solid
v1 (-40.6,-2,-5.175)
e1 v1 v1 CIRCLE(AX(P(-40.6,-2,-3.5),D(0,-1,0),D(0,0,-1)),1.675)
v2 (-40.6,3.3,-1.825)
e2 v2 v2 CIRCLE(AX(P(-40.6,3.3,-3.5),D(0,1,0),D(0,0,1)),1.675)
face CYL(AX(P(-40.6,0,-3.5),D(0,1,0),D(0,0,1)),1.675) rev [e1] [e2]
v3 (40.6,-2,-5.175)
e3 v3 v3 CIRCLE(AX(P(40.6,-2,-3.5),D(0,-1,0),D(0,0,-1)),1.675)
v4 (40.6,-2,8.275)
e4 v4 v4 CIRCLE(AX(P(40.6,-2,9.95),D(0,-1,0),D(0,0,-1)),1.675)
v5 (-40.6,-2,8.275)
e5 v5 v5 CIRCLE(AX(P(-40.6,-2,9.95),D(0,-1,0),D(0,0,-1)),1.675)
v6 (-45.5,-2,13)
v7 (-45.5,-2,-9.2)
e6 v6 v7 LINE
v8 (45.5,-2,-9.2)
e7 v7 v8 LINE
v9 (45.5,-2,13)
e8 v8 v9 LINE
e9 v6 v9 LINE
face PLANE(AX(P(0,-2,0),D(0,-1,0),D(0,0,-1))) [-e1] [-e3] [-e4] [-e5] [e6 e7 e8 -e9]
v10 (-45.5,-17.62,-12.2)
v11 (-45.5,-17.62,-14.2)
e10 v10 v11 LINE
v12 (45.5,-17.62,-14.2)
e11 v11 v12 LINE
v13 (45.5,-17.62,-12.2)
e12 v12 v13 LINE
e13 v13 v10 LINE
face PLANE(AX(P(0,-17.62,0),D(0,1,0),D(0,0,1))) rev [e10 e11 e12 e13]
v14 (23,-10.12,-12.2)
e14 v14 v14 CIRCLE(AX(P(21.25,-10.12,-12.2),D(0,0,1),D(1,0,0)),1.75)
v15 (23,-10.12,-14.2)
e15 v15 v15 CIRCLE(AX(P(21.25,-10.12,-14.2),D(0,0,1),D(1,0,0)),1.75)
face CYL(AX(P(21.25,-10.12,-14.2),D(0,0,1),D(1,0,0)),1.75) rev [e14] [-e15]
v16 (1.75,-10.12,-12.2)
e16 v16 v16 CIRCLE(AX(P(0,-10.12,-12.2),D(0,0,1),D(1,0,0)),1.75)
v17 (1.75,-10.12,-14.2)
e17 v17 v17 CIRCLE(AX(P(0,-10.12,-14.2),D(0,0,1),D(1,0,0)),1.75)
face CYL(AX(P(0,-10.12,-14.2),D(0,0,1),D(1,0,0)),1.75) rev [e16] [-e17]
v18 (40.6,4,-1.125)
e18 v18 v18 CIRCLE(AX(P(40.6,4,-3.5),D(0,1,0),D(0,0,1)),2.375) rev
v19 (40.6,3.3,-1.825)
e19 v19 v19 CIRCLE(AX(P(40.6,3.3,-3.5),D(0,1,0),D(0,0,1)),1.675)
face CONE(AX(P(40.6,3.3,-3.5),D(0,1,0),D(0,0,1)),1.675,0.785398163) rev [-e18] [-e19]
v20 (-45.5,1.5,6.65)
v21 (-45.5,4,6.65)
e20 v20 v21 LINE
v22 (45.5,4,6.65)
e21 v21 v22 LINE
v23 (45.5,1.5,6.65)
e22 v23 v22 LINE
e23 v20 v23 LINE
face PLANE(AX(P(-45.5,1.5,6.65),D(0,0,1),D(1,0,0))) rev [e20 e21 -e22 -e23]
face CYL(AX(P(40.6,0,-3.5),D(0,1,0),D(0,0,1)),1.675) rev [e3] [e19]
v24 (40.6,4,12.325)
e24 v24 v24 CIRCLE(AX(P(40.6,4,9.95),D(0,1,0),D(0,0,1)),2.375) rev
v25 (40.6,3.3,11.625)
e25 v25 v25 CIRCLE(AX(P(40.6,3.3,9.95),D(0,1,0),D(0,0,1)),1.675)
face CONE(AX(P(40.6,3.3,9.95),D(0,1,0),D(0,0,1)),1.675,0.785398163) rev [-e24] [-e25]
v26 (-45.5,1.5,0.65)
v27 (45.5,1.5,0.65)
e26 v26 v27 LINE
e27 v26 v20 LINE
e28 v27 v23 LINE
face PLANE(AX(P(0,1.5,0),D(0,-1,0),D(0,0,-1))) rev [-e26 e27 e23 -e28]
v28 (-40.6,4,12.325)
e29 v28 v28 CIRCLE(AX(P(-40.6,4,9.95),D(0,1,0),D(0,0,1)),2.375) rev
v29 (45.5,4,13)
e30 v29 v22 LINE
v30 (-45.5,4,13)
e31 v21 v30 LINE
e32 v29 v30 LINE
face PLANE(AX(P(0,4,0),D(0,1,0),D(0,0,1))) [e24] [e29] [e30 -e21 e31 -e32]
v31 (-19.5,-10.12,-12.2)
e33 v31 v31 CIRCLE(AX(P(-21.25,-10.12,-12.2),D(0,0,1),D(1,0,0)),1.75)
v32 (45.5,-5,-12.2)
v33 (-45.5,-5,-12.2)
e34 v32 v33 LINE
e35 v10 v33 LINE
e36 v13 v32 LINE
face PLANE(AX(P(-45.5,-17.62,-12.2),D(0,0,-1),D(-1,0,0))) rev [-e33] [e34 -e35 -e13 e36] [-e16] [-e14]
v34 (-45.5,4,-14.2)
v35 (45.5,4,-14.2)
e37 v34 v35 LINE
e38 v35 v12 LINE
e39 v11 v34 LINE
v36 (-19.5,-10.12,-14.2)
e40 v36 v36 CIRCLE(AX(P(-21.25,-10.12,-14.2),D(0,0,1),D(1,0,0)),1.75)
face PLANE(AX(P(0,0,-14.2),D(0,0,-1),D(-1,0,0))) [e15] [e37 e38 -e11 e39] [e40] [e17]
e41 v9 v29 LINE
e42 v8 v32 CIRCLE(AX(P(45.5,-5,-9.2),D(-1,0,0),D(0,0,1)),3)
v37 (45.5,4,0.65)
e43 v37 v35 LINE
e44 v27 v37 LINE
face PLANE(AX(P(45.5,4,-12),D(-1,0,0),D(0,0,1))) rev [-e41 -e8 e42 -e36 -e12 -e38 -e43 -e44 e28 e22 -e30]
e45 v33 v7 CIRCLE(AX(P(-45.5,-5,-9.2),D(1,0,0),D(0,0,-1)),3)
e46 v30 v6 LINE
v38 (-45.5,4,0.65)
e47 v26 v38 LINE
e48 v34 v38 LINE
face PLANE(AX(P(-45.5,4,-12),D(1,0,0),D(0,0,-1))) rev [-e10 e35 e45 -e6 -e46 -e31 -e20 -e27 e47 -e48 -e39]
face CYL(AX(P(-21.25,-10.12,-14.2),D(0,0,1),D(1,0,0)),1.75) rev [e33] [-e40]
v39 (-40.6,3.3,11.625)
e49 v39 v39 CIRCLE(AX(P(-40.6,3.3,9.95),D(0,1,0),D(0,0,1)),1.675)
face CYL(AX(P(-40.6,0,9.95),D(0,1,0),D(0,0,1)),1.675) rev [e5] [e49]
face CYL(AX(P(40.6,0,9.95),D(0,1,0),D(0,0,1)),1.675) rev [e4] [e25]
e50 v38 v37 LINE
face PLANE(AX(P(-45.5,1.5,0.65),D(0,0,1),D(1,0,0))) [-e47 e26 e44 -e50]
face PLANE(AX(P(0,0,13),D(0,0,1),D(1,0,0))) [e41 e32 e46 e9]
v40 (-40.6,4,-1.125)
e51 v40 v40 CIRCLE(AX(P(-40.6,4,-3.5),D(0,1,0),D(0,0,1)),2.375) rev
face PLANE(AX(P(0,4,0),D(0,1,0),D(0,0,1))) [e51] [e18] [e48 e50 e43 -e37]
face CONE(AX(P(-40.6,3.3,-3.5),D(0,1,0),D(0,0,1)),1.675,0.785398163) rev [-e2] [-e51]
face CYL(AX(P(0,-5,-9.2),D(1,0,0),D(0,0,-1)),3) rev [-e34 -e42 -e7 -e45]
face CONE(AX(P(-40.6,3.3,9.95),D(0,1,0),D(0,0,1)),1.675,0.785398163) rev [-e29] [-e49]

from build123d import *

# Parameters (mm, degrees)
SKETCH1_W           = 91
SKETCH1_H           = 24
BOSS_EXTRUDE1_DEPTH = 4
SKETCH2_R           = 1.675
CUT_EXTRUDE1_DEPTH  = 48.22552276
SKETCH3_W           = 91
SKETCH3_H           = 6
CUT_EXTRUDE2_DEPTH  = 2.5
SKETCH4_W           = 91
SKETCH4_H           = 4
BOSS_EXTRUDE2_DEPTH = 2.2
SKETCH5_W           = 91
SKETCH5_H           = 2
BOSS_EXTRUDE3_DEPTH = 17.62
SKETCH6_R           = 1.75
CUT_EXTRUDE3_DEPTH  = 55.464248824
SKETCH7_W           = 91
SKETCH7_H           = 24.2
SKETCH7_R           = 1.675
BOSS_EXTRUDE5_DEPTH = 2
SKETCH8_W           = 91
SKETCH8_H           = 6
BOSS_EXTRUDE6_DEPTH = 1
CHAMFER1_SIZE       = 0.7
FILLET1_R           = 3


with BuildPart() as part:
    # Sketch1 → Boss-Extrude1 (new body)
    with BuildSketch(Plane(origin=(0, 0, 0), x_dir=(1, 0, 0), z_dir=(0, 1, 0))):
        Rectangle(SKETCH1_W, SKETCH1_H)
    extrude(amount=BOSS_EXTRUDE1_DEPTH)

    # Sketch2 → Cut-Extrude1 (cut, through all)
    with BuildSketch(Plane(origin=(0, 4, 0), x_dir=(1, 0, 0), z_dir=(0, 1, 0))):
        with Locations(Location((-40.6, 3.5, 0), (0, 0, 270))):
            Circle(SKETCH2_R)
        with Locations(Location((-40.6, -9.95, 0), (0, 0, 270))):
            Circle(SKETCH2_R)
        with Locations(Location((40.6, 3.5, 0), (0, 0, 270))):
            Circle(SKETCH2_R)
        with Locations(Location((40.6, -9.95, 0), (0, 0, 270))):
            Circle(SKETCH2_R)
    extrude(amount=-CUT_EXTRUDE1_DEPTH, mode=Mode.SUBTRACT)

    # Sketch3 → Cut-Extrude2 (cut)
    with BuildSketch(Plane(origin=(0, 4, 0), x_dir=(1, 0, 0), z_dir=(0, 1, 0))):
        with Locations((0, -3.65)):
            Rectangle(SKETCH3_W, SKETCH3_H)
    extrude(amount=-CUT_EXTRUDE2_DEPTH, mode=Mode.SUBTRACT)

    # Sketch4 → Boss-Extrude2 (add)
    with BuildSketch(Plane(origin=(0, 0, -12), x_dir=(-1, 0, 0), z_dir=(0, 0, -1))):
        with Locations((0, 2)):
            Rectangle(SKETCH4_W, SKETCH4_H)
    extrude(amount=BOSS_EXTRUDE2_DEPTH)

    # Sketch5 → Boss-Extrude3 (add)
    with BuildSketch(Plane.XZ):
        with Locations((0, -13.2)):
            Rectangle(SKETCH5_W, SKETCH5_H)
    extrude(amount=BOSS_EXTRUDE3_DEPTH)

    # Sketch6 → Cut-Extrude3 (cut, through all)
    with BuildSketch(Plane.XY.offset(-12.2)):
        with Locations((-21.25, -10.12)):
            Circle(SKETCH6_R)
        with Locations((0, -10.12)):
            Circle(SKETCH6_R)
        with Locations((21.25, -10.12)):
            Circle(SKETCH6_R)
    extrude(amount=-CUT_EXTRUDE3_DEPTH, mode=Mode.SUBTRACT)

    # Sketch7 → Boss-Extrude5 (add)
    with BuildSketch(Plane.XZ):
        with Locations((0, -0.1)):
            Rectangle(SKETCH7_W, SKETCH7_H)
        with Locations(Location((40.6, 9.95, 0), (0, 0, 90))):
            Circle(SKETCH7_R, mode=Mode.SUBTRACT)
        with Locations(Location((40.6, -3.5, 0), (0, 0, 90))):
            Circle(SKETCH7_R, mode=Mode.SUBTRACT)
        with Locations(Location((-40.6, -3.5, 0), (0, 0, 90))):
            Circle(SKETCH7_R, mode=Mode.SUBTRACT)
        with Locations(Location((-40.6, 9.95, 0), (0, 0, 90))):
            Circle(SKETCH7_R, mode=Mode.SUBTRACT)
    extrude(amount=BOSS_EXTRUDE5_DEPTH)

    # Sketch8 → Boss-Extrude6 (add)
    with BuildSketch(Plane.XY.offset(12)):
        with Locations((0, 1)):
            Rectangle(SKETCH8_W, SKETCH8_H)
    extrude(amount=BOSS_EXTRUDE6_DEPTH)

    # Chamfer1
    chamfer1_edges = [part.edges().sort_by_distance(p)[0] for p in [
        (40.6, 4, 8.275),
        (-40.6, 4, -5.175),
        (40.6, 4, -5.175),
        (-40.6, 4, 8.275),
    ]]
    chamfer(chamfer1_edges, length=CHAMFER1_SIZE)

    # Fillet1
    fillet1_edges = [part.edges().sort_by_distance(p)[0] for p in [
        (0, -2, -12.2),
    ]]
    fillet(fillet1_edges, radius=FILLET1_R)


solid = part.part
